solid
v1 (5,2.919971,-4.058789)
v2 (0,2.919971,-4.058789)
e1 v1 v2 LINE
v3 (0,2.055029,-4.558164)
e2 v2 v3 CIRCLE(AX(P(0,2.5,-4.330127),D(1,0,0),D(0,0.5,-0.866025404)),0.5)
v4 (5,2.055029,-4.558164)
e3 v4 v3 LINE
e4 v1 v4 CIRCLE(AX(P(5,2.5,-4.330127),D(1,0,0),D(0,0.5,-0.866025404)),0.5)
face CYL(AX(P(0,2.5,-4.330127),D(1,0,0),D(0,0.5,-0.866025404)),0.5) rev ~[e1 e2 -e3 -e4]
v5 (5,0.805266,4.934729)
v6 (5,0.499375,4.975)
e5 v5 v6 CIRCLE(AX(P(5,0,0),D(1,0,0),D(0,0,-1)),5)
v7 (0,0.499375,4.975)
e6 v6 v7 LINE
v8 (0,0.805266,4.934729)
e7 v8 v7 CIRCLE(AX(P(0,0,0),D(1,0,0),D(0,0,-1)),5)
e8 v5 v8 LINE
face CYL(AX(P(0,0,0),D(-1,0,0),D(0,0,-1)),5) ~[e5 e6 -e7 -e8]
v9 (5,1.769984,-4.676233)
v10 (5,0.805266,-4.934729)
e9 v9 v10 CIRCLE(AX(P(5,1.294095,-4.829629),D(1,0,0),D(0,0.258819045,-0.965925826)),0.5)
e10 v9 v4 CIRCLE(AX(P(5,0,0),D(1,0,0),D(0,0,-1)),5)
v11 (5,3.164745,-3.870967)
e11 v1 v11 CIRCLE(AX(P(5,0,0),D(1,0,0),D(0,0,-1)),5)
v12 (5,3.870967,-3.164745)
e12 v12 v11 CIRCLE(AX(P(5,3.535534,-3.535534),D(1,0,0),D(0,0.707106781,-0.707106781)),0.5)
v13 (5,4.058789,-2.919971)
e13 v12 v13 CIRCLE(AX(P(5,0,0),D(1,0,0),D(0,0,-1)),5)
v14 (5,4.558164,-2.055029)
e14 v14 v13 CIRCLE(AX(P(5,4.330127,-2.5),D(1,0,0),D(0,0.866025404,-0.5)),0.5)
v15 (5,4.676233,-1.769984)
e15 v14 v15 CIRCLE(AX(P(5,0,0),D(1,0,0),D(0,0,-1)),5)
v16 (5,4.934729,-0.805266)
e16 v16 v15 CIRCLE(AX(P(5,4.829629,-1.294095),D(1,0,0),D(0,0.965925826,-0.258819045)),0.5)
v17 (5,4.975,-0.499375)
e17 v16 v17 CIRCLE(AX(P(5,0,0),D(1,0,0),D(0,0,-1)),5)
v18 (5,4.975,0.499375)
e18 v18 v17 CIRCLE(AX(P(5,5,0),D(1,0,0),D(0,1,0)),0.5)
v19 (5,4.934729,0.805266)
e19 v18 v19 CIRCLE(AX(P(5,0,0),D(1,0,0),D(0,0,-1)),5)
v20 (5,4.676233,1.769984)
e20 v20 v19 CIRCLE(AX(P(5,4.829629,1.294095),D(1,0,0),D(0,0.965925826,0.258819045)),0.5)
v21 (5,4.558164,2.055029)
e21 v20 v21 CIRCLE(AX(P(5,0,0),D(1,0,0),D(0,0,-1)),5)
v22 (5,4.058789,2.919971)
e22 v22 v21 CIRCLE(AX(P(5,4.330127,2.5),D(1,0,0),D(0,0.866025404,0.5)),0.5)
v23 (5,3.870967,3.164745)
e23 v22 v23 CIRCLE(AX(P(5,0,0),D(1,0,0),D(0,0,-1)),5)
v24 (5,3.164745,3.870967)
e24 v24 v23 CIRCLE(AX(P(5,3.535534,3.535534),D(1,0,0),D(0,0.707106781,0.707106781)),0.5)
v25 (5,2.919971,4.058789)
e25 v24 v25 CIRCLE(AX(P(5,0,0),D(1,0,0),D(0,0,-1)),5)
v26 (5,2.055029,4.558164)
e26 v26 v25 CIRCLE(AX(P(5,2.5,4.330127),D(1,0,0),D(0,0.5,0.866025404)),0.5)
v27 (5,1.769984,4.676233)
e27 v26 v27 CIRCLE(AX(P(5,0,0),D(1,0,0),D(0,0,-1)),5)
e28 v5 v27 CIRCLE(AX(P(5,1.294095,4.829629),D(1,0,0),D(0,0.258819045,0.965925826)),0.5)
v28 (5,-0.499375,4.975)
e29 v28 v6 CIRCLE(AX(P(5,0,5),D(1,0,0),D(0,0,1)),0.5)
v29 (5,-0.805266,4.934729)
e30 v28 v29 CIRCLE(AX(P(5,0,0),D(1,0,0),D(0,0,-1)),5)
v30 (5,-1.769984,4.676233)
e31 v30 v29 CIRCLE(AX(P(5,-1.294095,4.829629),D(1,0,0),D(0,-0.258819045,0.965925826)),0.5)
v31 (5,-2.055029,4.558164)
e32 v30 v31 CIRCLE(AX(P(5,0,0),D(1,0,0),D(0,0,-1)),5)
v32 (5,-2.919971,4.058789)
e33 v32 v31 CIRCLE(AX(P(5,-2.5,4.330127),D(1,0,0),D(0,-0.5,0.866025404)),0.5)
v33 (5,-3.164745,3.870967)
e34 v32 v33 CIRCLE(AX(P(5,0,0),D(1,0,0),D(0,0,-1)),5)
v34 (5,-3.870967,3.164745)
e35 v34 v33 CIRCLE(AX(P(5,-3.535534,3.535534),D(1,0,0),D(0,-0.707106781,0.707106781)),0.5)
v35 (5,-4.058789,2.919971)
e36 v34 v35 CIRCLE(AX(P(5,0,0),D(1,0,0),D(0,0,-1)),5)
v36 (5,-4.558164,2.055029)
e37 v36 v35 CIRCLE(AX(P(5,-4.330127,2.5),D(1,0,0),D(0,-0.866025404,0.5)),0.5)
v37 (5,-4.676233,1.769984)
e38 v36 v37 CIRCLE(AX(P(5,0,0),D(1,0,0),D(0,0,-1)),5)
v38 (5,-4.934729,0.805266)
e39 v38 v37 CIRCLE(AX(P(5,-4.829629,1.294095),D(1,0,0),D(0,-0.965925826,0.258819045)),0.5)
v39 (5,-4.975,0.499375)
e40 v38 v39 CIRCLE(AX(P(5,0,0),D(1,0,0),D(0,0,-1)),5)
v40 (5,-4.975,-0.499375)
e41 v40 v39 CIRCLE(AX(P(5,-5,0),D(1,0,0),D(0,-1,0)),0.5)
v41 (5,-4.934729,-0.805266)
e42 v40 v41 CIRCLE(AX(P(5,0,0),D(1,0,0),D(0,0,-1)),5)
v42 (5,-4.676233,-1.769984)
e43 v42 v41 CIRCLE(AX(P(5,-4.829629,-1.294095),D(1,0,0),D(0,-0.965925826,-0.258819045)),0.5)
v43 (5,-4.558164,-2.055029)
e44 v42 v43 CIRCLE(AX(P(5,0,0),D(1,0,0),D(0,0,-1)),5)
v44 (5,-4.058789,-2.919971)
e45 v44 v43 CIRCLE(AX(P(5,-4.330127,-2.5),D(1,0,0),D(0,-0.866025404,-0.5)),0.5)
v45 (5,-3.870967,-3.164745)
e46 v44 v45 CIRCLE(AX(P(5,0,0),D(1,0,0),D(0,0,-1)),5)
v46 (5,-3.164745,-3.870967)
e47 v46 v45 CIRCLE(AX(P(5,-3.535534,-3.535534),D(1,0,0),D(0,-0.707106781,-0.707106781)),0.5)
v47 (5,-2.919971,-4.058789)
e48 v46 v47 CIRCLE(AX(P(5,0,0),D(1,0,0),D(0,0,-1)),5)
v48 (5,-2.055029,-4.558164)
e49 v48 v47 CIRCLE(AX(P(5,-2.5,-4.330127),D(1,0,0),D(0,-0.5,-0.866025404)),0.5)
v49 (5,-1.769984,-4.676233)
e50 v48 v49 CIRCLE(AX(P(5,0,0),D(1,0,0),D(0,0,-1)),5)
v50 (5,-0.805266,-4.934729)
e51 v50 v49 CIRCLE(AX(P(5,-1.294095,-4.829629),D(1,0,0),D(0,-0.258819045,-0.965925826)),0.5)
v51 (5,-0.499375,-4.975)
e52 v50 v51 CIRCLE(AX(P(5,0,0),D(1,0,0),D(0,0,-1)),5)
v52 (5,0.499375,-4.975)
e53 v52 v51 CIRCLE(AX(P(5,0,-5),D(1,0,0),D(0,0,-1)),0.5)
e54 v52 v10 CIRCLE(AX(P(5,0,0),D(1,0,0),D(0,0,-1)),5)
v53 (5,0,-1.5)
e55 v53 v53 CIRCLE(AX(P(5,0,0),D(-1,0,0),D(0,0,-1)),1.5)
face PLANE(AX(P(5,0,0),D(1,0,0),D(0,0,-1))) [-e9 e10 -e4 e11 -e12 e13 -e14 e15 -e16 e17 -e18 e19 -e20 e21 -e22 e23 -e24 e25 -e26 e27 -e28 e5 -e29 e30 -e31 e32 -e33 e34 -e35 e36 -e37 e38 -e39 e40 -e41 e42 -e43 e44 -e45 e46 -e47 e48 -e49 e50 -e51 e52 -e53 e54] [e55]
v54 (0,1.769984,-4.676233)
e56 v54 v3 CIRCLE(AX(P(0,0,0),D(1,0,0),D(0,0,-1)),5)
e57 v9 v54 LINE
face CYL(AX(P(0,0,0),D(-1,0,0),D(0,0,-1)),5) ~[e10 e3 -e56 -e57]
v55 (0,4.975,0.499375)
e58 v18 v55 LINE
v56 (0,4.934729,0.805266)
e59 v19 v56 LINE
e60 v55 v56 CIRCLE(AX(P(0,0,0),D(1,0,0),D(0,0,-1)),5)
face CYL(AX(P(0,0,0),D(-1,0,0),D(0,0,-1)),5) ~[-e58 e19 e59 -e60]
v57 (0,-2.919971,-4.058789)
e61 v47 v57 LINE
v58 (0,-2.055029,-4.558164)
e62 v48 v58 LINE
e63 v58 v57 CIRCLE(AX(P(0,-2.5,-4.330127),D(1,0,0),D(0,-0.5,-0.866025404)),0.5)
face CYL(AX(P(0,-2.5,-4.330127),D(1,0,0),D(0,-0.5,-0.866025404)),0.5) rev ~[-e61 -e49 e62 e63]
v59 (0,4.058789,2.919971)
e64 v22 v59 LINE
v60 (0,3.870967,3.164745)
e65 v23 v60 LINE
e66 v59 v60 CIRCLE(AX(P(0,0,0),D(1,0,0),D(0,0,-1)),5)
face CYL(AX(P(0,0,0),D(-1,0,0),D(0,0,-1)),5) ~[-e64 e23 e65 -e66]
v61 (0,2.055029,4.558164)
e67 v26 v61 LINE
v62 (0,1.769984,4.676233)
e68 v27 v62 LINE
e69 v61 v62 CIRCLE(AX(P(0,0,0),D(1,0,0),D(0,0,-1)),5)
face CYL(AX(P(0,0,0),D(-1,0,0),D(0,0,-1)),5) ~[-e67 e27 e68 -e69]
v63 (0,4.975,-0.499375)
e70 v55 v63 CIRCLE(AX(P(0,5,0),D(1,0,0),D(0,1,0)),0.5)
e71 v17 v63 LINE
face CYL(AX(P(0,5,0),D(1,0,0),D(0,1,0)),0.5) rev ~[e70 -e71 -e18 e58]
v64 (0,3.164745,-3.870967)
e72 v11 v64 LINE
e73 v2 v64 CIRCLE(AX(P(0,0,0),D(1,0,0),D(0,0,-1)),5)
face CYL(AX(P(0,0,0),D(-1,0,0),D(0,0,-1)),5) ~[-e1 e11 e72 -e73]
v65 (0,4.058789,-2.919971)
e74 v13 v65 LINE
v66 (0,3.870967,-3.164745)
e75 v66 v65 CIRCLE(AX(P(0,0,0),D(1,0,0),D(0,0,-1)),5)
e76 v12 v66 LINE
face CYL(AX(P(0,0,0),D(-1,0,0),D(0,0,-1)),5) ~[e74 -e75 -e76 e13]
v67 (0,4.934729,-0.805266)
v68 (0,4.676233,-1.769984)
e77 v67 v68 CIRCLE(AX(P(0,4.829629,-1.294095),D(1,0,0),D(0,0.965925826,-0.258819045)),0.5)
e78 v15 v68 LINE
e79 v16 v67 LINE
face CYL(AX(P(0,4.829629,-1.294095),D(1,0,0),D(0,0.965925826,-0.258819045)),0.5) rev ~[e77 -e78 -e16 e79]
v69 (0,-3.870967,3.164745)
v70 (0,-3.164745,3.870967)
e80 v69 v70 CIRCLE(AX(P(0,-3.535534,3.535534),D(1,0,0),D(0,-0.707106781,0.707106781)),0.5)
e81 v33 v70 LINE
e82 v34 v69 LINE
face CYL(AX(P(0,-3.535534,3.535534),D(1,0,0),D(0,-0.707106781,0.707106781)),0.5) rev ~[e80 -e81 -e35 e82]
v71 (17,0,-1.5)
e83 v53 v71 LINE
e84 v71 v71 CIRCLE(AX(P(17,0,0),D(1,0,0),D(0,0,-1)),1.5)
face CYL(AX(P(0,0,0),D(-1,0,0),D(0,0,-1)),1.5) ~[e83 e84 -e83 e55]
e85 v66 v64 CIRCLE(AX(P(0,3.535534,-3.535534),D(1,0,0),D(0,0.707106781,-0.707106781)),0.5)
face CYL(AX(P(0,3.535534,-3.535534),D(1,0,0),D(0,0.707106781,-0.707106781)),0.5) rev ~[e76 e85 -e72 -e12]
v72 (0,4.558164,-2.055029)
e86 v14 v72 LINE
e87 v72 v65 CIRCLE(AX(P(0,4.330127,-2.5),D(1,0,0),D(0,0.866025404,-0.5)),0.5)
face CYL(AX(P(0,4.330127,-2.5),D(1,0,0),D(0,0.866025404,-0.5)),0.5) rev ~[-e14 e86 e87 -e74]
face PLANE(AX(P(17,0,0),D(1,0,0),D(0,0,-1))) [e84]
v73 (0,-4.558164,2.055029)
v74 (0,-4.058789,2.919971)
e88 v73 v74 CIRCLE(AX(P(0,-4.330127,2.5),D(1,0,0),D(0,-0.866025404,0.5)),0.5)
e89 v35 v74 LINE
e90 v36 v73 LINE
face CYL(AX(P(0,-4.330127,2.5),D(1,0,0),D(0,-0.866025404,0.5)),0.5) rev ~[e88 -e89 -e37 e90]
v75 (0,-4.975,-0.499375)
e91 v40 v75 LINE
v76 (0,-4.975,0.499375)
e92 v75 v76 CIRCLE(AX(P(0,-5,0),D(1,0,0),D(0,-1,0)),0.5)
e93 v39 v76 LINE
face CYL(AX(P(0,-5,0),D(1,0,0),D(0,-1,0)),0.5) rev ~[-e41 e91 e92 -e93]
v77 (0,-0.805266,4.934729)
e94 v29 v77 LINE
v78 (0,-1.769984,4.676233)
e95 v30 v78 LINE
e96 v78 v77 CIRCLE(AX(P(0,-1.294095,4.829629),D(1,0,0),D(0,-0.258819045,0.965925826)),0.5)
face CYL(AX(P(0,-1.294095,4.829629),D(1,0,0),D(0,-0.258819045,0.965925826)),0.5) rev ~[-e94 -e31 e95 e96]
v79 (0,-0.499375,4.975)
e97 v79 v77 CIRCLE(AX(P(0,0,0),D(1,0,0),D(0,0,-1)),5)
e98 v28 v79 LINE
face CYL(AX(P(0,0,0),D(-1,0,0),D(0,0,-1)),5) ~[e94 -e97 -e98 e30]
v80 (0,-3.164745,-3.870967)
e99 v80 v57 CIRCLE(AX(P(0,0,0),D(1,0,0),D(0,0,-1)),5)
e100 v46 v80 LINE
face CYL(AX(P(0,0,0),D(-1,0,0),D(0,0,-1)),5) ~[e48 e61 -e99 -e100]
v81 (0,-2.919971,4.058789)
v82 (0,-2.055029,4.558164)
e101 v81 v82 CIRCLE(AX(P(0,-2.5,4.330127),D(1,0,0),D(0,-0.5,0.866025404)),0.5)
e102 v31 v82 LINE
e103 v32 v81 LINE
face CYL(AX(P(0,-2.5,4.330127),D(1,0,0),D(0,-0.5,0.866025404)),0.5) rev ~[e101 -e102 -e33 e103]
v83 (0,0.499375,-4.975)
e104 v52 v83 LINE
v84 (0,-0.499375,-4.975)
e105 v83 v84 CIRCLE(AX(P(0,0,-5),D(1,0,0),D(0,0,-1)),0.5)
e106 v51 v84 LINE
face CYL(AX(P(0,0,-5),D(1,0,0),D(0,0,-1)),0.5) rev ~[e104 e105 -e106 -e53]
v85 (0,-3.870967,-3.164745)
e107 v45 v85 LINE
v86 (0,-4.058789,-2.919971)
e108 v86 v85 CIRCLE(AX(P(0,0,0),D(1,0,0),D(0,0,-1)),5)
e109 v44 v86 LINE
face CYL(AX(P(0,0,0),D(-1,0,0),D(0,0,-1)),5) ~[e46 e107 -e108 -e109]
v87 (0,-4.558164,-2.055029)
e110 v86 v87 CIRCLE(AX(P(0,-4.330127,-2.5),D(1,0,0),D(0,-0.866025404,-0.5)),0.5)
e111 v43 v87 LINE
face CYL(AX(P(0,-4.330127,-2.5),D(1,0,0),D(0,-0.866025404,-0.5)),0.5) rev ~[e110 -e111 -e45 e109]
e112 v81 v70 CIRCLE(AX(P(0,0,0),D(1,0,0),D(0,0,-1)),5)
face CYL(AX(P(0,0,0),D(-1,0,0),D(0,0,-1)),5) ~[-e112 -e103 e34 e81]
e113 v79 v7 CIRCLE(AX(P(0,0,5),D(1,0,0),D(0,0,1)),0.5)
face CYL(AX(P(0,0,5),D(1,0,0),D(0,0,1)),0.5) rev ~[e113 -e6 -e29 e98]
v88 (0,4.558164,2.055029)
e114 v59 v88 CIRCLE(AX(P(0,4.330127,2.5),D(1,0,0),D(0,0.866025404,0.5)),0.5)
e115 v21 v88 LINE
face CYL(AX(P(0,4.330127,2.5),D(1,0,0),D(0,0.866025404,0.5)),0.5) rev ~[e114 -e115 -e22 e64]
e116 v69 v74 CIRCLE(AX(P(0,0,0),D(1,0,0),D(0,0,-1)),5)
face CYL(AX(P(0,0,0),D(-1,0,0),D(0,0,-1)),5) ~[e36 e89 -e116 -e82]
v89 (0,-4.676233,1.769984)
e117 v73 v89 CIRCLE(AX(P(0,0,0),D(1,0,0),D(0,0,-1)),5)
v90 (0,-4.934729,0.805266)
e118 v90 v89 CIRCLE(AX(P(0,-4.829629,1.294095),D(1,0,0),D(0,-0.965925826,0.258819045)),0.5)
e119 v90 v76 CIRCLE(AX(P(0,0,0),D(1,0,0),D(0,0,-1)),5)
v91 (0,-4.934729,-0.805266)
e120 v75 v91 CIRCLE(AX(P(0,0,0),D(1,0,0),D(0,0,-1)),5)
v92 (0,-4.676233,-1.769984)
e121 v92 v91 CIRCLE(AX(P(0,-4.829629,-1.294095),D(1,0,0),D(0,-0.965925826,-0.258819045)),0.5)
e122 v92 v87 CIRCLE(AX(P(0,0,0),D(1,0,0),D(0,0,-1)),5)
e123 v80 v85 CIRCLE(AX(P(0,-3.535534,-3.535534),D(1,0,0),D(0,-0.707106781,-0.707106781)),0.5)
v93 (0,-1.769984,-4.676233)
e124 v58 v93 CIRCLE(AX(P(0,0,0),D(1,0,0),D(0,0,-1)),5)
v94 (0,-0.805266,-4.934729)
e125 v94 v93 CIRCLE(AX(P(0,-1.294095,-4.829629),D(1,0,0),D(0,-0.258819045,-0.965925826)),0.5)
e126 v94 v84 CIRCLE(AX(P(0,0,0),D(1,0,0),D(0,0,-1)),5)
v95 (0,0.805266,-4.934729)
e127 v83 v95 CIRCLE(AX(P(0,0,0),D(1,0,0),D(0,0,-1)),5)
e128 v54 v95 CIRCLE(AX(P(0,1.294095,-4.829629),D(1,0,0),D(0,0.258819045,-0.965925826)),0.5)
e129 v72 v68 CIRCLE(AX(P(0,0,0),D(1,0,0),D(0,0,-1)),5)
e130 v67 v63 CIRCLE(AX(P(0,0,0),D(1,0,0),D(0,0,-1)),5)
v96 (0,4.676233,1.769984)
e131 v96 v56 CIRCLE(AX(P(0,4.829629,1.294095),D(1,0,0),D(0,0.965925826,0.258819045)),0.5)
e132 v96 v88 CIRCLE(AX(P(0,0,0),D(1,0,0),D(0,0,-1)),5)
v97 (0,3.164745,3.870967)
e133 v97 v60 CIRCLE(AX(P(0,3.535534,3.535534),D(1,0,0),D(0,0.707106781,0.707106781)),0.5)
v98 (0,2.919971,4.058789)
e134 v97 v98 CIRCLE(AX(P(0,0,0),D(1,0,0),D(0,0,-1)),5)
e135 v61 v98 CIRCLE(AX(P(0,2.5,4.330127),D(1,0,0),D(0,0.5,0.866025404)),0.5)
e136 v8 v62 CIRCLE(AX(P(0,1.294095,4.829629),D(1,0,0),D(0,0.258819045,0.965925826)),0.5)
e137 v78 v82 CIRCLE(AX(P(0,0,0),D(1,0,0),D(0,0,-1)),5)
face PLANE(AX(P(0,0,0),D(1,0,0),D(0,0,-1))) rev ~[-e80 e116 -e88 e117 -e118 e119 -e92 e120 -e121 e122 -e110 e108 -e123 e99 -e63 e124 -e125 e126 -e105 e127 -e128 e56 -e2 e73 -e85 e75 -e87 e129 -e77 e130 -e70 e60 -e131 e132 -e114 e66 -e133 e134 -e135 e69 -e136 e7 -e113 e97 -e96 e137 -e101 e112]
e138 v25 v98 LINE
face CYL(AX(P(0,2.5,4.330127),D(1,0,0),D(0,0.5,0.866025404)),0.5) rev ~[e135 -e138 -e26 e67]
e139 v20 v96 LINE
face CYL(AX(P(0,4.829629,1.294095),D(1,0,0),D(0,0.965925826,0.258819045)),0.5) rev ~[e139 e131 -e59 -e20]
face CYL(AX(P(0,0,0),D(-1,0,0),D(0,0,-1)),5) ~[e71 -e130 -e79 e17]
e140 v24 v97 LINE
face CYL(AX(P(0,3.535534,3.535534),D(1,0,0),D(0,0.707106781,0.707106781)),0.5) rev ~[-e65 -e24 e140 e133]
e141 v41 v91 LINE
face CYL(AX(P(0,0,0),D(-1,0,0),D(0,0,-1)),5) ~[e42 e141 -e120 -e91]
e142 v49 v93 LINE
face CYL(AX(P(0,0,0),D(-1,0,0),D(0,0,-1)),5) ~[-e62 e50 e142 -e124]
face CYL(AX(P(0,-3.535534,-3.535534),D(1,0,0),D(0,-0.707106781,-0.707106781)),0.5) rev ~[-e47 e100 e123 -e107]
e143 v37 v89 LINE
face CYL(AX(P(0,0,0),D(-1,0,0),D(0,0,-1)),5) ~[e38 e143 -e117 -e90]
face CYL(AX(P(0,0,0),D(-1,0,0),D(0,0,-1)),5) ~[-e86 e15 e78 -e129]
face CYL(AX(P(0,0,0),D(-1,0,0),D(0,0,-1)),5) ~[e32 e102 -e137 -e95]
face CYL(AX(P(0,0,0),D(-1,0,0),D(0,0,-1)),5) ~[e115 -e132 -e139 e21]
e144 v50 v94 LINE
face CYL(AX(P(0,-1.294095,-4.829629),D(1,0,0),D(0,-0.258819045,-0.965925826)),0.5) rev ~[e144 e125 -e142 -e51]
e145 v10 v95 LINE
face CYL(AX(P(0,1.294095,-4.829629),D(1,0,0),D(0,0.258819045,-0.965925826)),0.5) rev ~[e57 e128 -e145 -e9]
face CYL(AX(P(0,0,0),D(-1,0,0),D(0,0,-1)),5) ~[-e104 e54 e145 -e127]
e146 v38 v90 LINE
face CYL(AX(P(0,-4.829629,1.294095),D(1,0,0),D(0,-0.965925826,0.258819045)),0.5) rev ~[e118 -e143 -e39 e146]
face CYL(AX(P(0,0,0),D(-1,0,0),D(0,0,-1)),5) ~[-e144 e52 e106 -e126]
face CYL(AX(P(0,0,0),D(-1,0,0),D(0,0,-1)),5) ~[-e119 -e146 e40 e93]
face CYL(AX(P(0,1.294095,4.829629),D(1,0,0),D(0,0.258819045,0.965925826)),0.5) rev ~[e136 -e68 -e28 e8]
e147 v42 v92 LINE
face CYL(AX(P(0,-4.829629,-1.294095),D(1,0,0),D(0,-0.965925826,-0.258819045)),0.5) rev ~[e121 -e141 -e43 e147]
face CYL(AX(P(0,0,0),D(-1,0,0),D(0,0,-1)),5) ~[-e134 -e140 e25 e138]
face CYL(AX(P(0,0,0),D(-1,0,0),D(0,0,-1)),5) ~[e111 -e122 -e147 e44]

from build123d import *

# Parameters (mm, degrees)
SKETCH1_R           = 5
BOSS_EXTRUDE1_DEPTH = 5
SKETCH2_R           = 1.5
BOSS_EXTRUDE2_DEPTH = 17
SKETCH3_R           = 0.5
CUT_EXTRUDE2_DEPTH  = 5
CIRPATTERN1_COUNT   = 24


with BuildPart() as part:
    # Sketch1 → Boss-Extrude1 (new body)
    with BuildSketch(Plane(origin=(0, 0, 0), x_dir=(0, 0, -1), z_dir=(1, 0, 0))):
        Circle(SKETCH1_R)
    extrude(amount=BOSS_EXTRUDE1_DEPTH)

    # Sketch2 → Boss-Extrude2 (add)
    with BuildSketch(Plane(origin=(0, 0, 0), x_dir=(0, 0, -1), z_dir=(1, 0, 0))):
        Circle(SKETCH2_R)
    extrude(amount=BOSS_EXTRUDE2_DEPTH)

    # Sketch3 → Cut-Extrude2 (cut, symmetric)
    with BuildSketch(Plane(origin=(0, 0, 0), x_dir=(0, 0, -1), z_dir=(1, 0, 0))):
        with Locations((5, 0)):
            Circle(SKETCH3_R)
    cut_extrude2 = extrude(amount=CUT_EXTRUDE2_DEPTH, both=True, mode=Mode.SUBTRACT)

    # CirPattern1: Cut-Extrude2 ×24 about axis
    cirpattern1_axis = Axis((-0.85, 0, 0), (1, 0, 0))
    for i in range(1, CIRPATTERN1_COUNT):
        add(cut_extrude2.rotate(cirpattern1_axis, i * 360 / CIRPATTERN1_COUNT), mode=Mode.SUBTRACT)


solid = part.part
